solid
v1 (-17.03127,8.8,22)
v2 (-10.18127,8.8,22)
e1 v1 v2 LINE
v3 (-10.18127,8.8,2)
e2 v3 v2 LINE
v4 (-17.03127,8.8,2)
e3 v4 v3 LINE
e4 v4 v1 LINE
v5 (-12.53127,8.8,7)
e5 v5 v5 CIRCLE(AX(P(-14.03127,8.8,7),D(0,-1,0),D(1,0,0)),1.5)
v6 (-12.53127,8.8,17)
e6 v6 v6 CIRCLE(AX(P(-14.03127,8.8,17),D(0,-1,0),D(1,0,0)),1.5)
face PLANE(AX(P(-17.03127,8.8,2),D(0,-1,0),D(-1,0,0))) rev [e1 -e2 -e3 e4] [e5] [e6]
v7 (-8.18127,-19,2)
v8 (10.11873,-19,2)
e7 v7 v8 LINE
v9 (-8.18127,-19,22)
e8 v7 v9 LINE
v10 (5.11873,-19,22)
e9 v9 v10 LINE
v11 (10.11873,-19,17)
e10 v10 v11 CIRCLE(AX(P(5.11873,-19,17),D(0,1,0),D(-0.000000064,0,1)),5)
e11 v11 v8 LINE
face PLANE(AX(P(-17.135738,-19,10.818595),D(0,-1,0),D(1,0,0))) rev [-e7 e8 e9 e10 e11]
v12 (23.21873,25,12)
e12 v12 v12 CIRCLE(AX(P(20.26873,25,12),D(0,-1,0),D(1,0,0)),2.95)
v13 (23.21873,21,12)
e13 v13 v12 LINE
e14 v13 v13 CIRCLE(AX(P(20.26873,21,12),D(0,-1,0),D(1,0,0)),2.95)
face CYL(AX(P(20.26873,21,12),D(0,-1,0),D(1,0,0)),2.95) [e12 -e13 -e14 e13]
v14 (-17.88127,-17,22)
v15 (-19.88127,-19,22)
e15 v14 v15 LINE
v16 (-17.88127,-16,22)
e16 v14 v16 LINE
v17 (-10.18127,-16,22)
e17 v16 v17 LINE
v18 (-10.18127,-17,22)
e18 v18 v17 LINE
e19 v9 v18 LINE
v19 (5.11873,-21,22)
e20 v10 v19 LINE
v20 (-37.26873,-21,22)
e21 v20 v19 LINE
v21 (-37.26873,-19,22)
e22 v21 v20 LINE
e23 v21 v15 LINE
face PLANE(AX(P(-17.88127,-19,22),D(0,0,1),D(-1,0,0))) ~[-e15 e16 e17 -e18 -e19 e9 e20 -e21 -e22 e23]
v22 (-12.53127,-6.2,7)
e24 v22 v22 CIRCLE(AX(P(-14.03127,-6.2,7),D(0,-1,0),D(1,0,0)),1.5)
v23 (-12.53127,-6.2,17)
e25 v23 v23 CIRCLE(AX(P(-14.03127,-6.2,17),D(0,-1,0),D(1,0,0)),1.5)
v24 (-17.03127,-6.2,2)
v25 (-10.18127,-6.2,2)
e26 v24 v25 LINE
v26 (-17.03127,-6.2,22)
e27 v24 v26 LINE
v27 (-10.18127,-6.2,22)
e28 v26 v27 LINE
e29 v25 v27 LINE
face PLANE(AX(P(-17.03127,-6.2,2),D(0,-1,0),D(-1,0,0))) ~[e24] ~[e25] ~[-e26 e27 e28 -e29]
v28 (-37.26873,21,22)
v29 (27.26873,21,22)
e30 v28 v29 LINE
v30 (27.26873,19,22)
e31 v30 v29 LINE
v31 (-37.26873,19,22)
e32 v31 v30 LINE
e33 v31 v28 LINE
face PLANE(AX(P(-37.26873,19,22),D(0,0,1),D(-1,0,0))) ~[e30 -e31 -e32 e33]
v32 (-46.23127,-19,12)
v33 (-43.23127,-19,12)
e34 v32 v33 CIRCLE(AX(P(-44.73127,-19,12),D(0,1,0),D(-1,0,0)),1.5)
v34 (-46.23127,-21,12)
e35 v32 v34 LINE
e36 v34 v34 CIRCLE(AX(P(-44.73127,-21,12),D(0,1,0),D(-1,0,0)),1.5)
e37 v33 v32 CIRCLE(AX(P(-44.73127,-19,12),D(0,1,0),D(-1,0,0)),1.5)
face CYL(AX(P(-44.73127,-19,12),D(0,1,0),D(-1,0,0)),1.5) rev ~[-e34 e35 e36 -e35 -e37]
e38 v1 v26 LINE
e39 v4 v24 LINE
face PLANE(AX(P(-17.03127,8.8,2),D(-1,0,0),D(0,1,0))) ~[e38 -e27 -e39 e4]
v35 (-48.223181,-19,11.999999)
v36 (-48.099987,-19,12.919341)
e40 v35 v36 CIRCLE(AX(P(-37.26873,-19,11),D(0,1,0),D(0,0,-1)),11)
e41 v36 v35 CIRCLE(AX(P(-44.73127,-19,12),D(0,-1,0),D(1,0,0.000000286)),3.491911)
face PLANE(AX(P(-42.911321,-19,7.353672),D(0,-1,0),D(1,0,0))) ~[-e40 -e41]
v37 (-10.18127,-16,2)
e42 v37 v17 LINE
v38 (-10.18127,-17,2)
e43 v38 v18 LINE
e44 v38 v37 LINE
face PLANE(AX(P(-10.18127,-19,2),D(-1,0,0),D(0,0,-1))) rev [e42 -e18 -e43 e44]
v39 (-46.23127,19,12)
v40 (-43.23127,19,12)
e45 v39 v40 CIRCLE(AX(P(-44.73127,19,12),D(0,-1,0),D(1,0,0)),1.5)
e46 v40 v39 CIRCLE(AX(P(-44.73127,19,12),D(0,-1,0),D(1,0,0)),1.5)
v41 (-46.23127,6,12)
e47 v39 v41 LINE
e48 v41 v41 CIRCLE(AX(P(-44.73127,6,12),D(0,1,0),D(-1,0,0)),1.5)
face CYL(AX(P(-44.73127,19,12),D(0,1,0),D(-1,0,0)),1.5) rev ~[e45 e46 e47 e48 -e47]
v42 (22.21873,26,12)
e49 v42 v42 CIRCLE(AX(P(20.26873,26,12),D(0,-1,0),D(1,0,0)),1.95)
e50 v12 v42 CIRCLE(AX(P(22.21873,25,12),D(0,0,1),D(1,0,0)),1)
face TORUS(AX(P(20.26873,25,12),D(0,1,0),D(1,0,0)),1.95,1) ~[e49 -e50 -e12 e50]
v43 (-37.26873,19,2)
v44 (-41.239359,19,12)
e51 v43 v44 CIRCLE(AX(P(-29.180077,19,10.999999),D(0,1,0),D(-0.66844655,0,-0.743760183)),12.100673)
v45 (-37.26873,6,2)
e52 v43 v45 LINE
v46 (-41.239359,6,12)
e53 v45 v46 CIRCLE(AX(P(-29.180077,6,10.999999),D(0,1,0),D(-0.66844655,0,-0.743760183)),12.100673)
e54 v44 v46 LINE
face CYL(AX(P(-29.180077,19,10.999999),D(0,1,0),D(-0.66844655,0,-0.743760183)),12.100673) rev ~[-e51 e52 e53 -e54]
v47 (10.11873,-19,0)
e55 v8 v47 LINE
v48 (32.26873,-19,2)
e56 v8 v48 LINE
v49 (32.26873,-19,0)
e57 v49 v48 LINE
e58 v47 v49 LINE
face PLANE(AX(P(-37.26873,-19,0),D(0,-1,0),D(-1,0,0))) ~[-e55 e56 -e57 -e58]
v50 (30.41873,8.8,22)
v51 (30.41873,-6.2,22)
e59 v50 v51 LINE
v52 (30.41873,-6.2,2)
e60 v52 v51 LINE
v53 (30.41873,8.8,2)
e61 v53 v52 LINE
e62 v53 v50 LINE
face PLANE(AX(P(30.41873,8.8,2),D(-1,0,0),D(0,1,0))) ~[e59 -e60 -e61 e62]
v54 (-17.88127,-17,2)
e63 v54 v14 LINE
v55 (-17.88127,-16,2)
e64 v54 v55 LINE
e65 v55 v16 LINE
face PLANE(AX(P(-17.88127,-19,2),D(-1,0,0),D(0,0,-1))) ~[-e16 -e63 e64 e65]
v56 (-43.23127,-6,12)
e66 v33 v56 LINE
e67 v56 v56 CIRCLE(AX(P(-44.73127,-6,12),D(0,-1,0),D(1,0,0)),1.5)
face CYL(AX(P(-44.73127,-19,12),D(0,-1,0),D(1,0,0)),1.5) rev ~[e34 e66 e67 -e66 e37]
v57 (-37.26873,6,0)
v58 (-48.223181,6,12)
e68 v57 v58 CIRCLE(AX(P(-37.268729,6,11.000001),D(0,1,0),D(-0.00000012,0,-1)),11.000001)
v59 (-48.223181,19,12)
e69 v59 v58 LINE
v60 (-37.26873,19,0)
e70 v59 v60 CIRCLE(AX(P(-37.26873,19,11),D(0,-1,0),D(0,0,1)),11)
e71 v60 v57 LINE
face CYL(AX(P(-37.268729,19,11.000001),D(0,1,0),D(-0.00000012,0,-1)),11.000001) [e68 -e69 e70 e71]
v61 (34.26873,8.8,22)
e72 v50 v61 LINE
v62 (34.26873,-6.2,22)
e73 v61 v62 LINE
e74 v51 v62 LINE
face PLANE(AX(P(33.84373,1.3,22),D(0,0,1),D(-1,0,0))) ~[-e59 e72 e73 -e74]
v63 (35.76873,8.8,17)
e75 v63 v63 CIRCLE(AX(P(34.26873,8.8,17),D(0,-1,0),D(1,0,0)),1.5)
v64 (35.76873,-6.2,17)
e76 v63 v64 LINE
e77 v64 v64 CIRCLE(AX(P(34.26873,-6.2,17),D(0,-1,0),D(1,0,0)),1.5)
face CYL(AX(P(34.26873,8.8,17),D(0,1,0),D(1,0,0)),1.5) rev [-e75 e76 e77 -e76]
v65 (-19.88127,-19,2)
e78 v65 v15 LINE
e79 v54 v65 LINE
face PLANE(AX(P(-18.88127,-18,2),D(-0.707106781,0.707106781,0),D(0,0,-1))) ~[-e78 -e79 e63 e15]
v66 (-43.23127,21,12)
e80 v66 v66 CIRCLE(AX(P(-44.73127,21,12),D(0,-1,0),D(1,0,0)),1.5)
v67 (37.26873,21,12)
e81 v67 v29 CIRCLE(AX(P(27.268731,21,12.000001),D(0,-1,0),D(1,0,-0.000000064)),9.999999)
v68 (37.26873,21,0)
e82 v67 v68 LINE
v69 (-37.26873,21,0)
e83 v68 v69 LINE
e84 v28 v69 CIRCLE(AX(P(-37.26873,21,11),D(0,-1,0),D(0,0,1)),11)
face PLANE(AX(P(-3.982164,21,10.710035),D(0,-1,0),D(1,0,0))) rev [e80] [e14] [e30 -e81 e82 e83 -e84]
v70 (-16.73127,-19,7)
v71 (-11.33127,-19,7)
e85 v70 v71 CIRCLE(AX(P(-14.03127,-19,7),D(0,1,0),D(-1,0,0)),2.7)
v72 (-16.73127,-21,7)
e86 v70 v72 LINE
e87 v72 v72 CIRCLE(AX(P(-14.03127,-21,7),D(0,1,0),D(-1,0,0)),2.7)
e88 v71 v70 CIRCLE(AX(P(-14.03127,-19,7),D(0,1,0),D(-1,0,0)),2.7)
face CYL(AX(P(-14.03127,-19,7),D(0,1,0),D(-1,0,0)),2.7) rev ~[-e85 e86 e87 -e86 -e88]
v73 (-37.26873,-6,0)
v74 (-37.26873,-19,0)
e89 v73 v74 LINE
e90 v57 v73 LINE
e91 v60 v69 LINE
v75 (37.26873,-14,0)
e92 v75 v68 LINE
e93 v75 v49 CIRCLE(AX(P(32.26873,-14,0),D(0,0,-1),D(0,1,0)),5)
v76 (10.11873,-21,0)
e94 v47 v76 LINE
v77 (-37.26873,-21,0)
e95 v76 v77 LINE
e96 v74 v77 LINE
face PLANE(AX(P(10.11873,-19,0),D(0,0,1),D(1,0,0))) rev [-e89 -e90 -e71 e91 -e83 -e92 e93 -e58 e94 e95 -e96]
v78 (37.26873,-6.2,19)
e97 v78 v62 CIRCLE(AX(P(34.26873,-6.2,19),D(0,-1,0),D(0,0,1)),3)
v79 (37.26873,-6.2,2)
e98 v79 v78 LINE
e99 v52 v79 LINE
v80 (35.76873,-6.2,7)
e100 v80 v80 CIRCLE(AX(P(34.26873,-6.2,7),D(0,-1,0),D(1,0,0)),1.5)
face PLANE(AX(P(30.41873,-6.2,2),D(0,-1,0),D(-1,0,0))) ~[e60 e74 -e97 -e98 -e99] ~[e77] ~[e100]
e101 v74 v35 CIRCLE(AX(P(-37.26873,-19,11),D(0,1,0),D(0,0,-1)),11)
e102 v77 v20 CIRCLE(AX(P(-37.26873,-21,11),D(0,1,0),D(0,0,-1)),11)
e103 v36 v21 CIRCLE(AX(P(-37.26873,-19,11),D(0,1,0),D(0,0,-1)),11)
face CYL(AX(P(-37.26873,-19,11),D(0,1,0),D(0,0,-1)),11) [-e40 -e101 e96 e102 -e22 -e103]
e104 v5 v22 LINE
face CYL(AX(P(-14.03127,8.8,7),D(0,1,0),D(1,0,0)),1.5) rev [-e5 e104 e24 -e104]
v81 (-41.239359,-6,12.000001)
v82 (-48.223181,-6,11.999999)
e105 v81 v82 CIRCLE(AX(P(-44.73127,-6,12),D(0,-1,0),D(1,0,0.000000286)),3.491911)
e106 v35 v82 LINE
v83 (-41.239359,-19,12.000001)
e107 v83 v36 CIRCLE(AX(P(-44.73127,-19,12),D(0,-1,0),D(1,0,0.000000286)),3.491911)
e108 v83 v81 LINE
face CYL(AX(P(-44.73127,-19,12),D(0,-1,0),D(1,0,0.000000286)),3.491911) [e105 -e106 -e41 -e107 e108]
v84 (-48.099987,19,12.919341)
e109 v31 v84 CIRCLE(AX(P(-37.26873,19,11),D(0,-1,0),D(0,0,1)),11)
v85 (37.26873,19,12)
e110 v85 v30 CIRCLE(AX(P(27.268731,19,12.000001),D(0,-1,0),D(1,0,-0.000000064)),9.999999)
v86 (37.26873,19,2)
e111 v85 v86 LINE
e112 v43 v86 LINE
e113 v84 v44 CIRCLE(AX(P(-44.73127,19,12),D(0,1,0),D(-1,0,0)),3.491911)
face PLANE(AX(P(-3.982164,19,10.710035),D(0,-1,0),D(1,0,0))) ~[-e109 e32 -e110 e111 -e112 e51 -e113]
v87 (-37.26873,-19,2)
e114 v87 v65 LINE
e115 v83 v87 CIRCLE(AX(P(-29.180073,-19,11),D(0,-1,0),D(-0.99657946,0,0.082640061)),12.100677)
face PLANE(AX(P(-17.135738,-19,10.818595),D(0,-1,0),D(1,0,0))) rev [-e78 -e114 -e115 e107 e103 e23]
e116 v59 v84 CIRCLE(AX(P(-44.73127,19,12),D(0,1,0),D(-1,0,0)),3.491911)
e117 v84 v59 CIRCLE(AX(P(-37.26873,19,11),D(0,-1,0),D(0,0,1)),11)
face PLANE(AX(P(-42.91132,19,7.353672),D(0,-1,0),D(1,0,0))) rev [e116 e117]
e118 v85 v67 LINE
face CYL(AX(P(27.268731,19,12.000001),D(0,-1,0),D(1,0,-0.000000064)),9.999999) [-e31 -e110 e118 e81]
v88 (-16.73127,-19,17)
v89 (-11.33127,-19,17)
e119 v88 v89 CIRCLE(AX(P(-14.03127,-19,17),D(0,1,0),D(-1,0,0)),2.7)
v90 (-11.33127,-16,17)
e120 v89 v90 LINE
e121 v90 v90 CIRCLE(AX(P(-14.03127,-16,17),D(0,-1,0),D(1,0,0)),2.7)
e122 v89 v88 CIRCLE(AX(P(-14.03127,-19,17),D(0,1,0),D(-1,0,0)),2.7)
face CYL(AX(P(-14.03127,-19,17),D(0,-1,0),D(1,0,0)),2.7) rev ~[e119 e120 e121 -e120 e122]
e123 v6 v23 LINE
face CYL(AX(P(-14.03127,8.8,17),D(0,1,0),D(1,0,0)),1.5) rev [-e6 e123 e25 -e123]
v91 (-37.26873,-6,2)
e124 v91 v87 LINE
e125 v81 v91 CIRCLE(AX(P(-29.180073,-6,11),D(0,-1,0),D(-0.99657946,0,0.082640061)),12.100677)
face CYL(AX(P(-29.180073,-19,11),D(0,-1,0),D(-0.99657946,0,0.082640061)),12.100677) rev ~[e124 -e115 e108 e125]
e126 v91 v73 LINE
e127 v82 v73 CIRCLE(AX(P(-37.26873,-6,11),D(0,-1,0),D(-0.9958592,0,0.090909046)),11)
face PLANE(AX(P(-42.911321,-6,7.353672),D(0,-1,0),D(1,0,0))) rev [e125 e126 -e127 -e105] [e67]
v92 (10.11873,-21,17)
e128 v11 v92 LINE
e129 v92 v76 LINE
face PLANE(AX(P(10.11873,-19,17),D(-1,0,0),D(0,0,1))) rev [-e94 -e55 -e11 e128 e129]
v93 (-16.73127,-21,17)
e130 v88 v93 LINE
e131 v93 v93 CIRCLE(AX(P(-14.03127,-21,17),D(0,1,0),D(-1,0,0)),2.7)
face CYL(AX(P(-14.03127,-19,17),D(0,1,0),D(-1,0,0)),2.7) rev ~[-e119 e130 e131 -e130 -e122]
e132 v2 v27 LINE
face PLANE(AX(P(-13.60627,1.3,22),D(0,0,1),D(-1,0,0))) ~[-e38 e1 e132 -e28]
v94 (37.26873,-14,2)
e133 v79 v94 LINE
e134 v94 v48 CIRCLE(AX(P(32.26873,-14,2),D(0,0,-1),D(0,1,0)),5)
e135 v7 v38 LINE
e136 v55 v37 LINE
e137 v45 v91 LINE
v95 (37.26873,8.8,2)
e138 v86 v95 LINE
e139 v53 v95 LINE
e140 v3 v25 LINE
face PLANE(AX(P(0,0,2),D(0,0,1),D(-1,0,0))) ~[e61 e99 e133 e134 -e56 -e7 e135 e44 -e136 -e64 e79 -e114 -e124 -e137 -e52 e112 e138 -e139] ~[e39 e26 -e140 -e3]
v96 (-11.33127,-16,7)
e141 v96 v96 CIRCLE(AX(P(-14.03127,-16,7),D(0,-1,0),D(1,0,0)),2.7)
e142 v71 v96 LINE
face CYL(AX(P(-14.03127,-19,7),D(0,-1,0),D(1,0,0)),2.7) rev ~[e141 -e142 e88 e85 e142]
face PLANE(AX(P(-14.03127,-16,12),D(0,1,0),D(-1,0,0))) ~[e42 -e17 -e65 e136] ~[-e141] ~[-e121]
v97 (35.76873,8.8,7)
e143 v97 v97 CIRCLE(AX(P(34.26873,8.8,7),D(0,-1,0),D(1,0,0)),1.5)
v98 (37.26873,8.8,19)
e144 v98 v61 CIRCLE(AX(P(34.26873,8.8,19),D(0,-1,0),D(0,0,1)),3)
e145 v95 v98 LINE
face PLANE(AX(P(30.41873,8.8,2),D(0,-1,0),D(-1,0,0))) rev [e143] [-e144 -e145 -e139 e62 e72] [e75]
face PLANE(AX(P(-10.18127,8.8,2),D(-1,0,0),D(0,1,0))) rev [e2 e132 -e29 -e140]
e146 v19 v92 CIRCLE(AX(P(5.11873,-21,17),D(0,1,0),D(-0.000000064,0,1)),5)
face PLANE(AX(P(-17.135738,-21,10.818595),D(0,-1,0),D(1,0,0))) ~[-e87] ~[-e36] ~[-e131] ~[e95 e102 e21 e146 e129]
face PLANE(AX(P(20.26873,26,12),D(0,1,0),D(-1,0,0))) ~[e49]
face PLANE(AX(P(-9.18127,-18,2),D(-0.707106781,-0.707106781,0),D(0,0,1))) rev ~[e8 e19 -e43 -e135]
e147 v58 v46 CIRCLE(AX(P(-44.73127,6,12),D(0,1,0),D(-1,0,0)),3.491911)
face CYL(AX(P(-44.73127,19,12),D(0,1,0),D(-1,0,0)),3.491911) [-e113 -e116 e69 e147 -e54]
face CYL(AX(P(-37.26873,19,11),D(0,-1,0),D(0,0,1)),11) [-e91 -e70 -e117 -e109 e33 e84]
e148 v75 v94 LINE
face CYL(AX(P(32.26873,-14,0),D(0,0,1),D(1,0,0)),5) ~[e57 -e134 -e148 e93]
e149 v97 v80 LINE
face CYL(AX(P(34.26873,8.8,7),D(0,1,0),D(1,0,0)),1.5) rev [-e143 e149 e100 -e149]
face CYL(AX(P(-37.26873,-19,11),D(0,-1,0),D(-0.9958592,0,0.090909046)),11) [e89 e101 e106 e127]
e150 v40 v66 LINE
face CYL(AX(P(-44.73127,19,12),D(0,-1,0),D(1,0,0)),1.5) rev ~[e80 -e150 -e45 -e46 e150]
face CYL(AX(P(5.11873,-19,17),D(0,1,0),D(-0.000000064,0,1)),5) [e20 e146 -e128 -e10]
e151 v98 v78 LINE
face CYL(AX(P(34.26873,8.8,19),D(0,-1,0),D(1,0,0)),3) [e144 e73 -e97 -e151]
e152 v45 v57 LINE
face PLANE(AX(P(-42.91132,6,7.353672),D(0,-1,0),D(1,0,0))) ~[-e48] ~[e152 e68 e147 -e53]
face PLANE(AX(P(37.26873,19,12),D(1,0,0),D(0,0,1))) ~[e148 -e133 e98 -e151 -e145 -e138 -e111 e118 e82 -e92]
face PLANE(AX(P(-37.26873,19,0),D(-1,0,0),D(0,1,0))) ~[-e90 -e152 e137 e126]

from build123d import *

# Parameters (mm, degrees)
SKETCH_W        = 74.53746
SKETCH_H        = 38
PAD_DEPTH       = 2
SKETCH001_W     = 6.85
SKETCH001_H     = 15
PAD001_DEPTH    = 20
SKETCH002_R     = 1.5
POCKET_DEPTH    = 17
SKETCH003_R     = 1.5
PAD002_DEPTH    = 2
SKETCH004_R     = 2.95
PAD003_DEPTH    = 5
SKETCH005_R     = 2.7
SKETCH005_R_2   = 1.5
PAD004_DEPTH    = 2
SKETCH006_W     = 7.7
SKETCH006_H     = 20
SKETCH006_R     = 2.7
PAD005_DEPTH    = 3
SKETCH007_R     = 1.5
PAD006_DEPTH    = 13
SKETCH008_R     = 1.5
PAD007_DEPTH    = 13
FILLET_R        = 3
FILLET001_R     = 5
FILLET002_R     = 1
CHAMFER_SIZE    = 2
CHAMFER001_SIZE = 2


with BuildPart() as body:
    # Sketch → Pad (new body)
    with BuildSketch(Plane.XY):
        Rectangle(SKETCH_W, SKETCH_H)
    extrude(amount=PAD_DEPTH)

    # Sketch001 (on Face6 of Pad) → Pad001 (join)
    with BuildSketch(Plane.XY.offset(2)):
        with Locations((33.84373, -1.3)):
            Rectangle(SKETCH001_W, SKETCH001_H)
        with Locations((-13.60627, -1.3)):
            Rectangle(SKETCH001_W, SKETCH001_H)
    extrude(amount=PAD001_DEPTH)

    # Sketch002 (on Face12 of Pad001) → Pocket (cut)
    with BuildSketch(Plane.XZ.offset(8.8)):
        with Locations((-14.03127, 17)):
            Circle(SKETCH002_R)
        with Locations((-14.03127, 7)):
            Circle(SKETCH002_R)
        with Locations((34.26873, 17)):
            Circle(SKETCH002_R)
        with Locations((34.26873, 7)):
            Circle(SKETCH002_R)
    extrude(amount=-POCKET_DEPTH, mode=Mode.SUBTRACT)

    # Sketch003 (on Face6 of Pocket) → Pad002 (join)
    with BuildSketch(Plane.XZ.offset(19)):
        with BuildLine():
            Line((37.26873, 0), (-37.26873, 0))
            ThreePointArc((-37.26873, 22), (-48.26873, 11), (-37.26873, 0))
            Line((-37.26873, 22), (27.26873, 22))
            ThreePointArc((37.26873, 12), (34.339798, 19.071068), (27.26873, 22))
            Line((37.26873, 12), (37.26873, 0))
        make_face()
        with Locations((-44.73127, 12)):
            Circle(SKETCH003_R, mode=Mode.SUBTRACT)
    extrude(amount=PAD002_DEPTH)

    # Sketch004 (on Face21 of Pad002) → Pad003 (join)
    with BuildSketch(Plane.XZ.offset(21)):
        with Locations((20.26873, 12)):
            Circle(SKETCH004_R)
    extrude(amount=PAD003_DEPTH)

    # Sketch005 (on Face1 of Pad003) → Pad004 (join)
    with BuildSketch(Plane(origin=(0, 19, 0), x_dir=(-1, 0, 0), z_dir=(0, 1, 0))):
        with BuildLine():
            Line((37.26873, 22), (-5.11873, 22))
            ThreePointArc((-5.11873, 22), (-8.654264, 20.535534), (-10.11873, 17))
            Line((-10.11873, 17), (-10.11873, 0))
            Line((-10.11873, 0), (37.26873, 0))
            ThreePointArc((37.26873, 0), (48.26873, 11), (37.26873, 22))
        make_face()
        with Locations((14.03127, 17)):
            Circle(SKETCH005_R, mode=Mode.SUBTRACT)
        with Locations((14.03127, 7)):
            Circle(SKETCH005_R, mode=Mode.SUBTRACT)
        with Locations((44.73127, 12)):
            Circle(SKETCH005_R_2, mode=Mode.SUBTRACT)
    extrude(amount=PAD004_DEPTH)

    # Sketch006 (on Face11 of Pad004) → Pad005 (join)
    with BuildSketch(Plane.XZ.offset(-19)):
        with Locations((-14.03127, 12)):
            Rectangle(SKETCH006_W, SKETCH006_H)
        with Locations((-14.03127, 7)):
            Circle(SKETCH006_R, mode=Mode.SUBTRACT)
        with Locations((-14.03127, 17)):
            Circle(SKETCH006_R, mode=Mode.SUBTRACT)
    extrude(amount=PAD005_DEPTH)

    # Sketch007 (on Face11 of Pad005) → Pad006 (join)
    with BuildSketch(Plane.XZ.offset(-19)):
        with BuildLine():
            ThreePointArc((-41.239359, 12.000001), (-40.426624, 6.534413), (-37.26873, 2))
            Line((-37.26873, 2), (-37.26873, 0))
            ThreePointArc((-48.223181, 11.999999), (-45.392768, 3.583801), (-37.26873, 0))
            ThreePointArc((-41.239359, 12.000001), (-44.731271, 15.491911), (-48.223181, 11.999999))
        make_face()
        with Locations((-44.73127, 12)):
            Circle(SKETCH007_R, mode=Mode.SUBTRACT)
    extrude(amount=PAD006_DEPTH)

    # Sketch008 (on Face20 of Pad006) → Pad007 (join)
    with BuildSketch(Plane(origin=(0, -19, 0), x_dir=(-1, 0, 0), z_dir=(0, 1, 0))):
        with BuildLine():
            Line((37.26873, 2), (37.26873, 0))
            ThreePointArc((37.26873, 0), (45.392768, 3.583802), (48.223181, 12))
            ThreePointArc((48.223181, 12), (44.73127, 15.491911), (41.239359, 12))
            ThreePointArc((37.26873, 2), (40.426624, 6.534412), (41.239359, 12))
        make_face()
        with Locations((44.73127, 12)):
            Circle(SKETCH008_R, mode=Mode.SUBTRACT)
    extrude(amount=PAD007_DEPTH)

    # Fillet
    fillet_edges = [body.edges().sort_by_distance(p)[0] for p in [
        (37.26873, -1.3, 22),
    ]]
    fillet(fillet_edges, radius=FILLET_R)

    # Fillet001
    fillet001_edges = [body.edges().sort_by_distance(p)[0] for p in [
        (37.26873, 19, 1),
    ]]
    fillet(fillet001_edges, radius=FILLET001_R)

    # Fillet002
    fillet002_edges = [body.edges().sort_by_distance(p)[0] for p in [
        (17.31873, -26, 12),
    ]]
    fillet(fillet002_edges, radius=FILLET002_R)

    # Chamfer
    chamfer_edges = [body.edges().sort_by_distance(p)[0] for p in [
        (-10.18127, 19, 12),
    ]]
    chamfer(chamfer_edges, length=CHAMFER_SIZE)

    # Chamfer001
    chamfer001_edges = [body.edges().sort_by_distance(p)[0] for p in [
        (-17.88127, 19, 12),
    ]]
    chamfer(chamfer001_edges, length=CHAMFER001_SIZE)


with BuildPart() as part_mirroring:
    # Part__Mirroring: instance of Body
    add(body.part.mirror(Plane(origin=(0, 0, 0), x_dir=(1, 0, 0), z_dir=(0, 1, 0))))


solid = part_mirroring.part
